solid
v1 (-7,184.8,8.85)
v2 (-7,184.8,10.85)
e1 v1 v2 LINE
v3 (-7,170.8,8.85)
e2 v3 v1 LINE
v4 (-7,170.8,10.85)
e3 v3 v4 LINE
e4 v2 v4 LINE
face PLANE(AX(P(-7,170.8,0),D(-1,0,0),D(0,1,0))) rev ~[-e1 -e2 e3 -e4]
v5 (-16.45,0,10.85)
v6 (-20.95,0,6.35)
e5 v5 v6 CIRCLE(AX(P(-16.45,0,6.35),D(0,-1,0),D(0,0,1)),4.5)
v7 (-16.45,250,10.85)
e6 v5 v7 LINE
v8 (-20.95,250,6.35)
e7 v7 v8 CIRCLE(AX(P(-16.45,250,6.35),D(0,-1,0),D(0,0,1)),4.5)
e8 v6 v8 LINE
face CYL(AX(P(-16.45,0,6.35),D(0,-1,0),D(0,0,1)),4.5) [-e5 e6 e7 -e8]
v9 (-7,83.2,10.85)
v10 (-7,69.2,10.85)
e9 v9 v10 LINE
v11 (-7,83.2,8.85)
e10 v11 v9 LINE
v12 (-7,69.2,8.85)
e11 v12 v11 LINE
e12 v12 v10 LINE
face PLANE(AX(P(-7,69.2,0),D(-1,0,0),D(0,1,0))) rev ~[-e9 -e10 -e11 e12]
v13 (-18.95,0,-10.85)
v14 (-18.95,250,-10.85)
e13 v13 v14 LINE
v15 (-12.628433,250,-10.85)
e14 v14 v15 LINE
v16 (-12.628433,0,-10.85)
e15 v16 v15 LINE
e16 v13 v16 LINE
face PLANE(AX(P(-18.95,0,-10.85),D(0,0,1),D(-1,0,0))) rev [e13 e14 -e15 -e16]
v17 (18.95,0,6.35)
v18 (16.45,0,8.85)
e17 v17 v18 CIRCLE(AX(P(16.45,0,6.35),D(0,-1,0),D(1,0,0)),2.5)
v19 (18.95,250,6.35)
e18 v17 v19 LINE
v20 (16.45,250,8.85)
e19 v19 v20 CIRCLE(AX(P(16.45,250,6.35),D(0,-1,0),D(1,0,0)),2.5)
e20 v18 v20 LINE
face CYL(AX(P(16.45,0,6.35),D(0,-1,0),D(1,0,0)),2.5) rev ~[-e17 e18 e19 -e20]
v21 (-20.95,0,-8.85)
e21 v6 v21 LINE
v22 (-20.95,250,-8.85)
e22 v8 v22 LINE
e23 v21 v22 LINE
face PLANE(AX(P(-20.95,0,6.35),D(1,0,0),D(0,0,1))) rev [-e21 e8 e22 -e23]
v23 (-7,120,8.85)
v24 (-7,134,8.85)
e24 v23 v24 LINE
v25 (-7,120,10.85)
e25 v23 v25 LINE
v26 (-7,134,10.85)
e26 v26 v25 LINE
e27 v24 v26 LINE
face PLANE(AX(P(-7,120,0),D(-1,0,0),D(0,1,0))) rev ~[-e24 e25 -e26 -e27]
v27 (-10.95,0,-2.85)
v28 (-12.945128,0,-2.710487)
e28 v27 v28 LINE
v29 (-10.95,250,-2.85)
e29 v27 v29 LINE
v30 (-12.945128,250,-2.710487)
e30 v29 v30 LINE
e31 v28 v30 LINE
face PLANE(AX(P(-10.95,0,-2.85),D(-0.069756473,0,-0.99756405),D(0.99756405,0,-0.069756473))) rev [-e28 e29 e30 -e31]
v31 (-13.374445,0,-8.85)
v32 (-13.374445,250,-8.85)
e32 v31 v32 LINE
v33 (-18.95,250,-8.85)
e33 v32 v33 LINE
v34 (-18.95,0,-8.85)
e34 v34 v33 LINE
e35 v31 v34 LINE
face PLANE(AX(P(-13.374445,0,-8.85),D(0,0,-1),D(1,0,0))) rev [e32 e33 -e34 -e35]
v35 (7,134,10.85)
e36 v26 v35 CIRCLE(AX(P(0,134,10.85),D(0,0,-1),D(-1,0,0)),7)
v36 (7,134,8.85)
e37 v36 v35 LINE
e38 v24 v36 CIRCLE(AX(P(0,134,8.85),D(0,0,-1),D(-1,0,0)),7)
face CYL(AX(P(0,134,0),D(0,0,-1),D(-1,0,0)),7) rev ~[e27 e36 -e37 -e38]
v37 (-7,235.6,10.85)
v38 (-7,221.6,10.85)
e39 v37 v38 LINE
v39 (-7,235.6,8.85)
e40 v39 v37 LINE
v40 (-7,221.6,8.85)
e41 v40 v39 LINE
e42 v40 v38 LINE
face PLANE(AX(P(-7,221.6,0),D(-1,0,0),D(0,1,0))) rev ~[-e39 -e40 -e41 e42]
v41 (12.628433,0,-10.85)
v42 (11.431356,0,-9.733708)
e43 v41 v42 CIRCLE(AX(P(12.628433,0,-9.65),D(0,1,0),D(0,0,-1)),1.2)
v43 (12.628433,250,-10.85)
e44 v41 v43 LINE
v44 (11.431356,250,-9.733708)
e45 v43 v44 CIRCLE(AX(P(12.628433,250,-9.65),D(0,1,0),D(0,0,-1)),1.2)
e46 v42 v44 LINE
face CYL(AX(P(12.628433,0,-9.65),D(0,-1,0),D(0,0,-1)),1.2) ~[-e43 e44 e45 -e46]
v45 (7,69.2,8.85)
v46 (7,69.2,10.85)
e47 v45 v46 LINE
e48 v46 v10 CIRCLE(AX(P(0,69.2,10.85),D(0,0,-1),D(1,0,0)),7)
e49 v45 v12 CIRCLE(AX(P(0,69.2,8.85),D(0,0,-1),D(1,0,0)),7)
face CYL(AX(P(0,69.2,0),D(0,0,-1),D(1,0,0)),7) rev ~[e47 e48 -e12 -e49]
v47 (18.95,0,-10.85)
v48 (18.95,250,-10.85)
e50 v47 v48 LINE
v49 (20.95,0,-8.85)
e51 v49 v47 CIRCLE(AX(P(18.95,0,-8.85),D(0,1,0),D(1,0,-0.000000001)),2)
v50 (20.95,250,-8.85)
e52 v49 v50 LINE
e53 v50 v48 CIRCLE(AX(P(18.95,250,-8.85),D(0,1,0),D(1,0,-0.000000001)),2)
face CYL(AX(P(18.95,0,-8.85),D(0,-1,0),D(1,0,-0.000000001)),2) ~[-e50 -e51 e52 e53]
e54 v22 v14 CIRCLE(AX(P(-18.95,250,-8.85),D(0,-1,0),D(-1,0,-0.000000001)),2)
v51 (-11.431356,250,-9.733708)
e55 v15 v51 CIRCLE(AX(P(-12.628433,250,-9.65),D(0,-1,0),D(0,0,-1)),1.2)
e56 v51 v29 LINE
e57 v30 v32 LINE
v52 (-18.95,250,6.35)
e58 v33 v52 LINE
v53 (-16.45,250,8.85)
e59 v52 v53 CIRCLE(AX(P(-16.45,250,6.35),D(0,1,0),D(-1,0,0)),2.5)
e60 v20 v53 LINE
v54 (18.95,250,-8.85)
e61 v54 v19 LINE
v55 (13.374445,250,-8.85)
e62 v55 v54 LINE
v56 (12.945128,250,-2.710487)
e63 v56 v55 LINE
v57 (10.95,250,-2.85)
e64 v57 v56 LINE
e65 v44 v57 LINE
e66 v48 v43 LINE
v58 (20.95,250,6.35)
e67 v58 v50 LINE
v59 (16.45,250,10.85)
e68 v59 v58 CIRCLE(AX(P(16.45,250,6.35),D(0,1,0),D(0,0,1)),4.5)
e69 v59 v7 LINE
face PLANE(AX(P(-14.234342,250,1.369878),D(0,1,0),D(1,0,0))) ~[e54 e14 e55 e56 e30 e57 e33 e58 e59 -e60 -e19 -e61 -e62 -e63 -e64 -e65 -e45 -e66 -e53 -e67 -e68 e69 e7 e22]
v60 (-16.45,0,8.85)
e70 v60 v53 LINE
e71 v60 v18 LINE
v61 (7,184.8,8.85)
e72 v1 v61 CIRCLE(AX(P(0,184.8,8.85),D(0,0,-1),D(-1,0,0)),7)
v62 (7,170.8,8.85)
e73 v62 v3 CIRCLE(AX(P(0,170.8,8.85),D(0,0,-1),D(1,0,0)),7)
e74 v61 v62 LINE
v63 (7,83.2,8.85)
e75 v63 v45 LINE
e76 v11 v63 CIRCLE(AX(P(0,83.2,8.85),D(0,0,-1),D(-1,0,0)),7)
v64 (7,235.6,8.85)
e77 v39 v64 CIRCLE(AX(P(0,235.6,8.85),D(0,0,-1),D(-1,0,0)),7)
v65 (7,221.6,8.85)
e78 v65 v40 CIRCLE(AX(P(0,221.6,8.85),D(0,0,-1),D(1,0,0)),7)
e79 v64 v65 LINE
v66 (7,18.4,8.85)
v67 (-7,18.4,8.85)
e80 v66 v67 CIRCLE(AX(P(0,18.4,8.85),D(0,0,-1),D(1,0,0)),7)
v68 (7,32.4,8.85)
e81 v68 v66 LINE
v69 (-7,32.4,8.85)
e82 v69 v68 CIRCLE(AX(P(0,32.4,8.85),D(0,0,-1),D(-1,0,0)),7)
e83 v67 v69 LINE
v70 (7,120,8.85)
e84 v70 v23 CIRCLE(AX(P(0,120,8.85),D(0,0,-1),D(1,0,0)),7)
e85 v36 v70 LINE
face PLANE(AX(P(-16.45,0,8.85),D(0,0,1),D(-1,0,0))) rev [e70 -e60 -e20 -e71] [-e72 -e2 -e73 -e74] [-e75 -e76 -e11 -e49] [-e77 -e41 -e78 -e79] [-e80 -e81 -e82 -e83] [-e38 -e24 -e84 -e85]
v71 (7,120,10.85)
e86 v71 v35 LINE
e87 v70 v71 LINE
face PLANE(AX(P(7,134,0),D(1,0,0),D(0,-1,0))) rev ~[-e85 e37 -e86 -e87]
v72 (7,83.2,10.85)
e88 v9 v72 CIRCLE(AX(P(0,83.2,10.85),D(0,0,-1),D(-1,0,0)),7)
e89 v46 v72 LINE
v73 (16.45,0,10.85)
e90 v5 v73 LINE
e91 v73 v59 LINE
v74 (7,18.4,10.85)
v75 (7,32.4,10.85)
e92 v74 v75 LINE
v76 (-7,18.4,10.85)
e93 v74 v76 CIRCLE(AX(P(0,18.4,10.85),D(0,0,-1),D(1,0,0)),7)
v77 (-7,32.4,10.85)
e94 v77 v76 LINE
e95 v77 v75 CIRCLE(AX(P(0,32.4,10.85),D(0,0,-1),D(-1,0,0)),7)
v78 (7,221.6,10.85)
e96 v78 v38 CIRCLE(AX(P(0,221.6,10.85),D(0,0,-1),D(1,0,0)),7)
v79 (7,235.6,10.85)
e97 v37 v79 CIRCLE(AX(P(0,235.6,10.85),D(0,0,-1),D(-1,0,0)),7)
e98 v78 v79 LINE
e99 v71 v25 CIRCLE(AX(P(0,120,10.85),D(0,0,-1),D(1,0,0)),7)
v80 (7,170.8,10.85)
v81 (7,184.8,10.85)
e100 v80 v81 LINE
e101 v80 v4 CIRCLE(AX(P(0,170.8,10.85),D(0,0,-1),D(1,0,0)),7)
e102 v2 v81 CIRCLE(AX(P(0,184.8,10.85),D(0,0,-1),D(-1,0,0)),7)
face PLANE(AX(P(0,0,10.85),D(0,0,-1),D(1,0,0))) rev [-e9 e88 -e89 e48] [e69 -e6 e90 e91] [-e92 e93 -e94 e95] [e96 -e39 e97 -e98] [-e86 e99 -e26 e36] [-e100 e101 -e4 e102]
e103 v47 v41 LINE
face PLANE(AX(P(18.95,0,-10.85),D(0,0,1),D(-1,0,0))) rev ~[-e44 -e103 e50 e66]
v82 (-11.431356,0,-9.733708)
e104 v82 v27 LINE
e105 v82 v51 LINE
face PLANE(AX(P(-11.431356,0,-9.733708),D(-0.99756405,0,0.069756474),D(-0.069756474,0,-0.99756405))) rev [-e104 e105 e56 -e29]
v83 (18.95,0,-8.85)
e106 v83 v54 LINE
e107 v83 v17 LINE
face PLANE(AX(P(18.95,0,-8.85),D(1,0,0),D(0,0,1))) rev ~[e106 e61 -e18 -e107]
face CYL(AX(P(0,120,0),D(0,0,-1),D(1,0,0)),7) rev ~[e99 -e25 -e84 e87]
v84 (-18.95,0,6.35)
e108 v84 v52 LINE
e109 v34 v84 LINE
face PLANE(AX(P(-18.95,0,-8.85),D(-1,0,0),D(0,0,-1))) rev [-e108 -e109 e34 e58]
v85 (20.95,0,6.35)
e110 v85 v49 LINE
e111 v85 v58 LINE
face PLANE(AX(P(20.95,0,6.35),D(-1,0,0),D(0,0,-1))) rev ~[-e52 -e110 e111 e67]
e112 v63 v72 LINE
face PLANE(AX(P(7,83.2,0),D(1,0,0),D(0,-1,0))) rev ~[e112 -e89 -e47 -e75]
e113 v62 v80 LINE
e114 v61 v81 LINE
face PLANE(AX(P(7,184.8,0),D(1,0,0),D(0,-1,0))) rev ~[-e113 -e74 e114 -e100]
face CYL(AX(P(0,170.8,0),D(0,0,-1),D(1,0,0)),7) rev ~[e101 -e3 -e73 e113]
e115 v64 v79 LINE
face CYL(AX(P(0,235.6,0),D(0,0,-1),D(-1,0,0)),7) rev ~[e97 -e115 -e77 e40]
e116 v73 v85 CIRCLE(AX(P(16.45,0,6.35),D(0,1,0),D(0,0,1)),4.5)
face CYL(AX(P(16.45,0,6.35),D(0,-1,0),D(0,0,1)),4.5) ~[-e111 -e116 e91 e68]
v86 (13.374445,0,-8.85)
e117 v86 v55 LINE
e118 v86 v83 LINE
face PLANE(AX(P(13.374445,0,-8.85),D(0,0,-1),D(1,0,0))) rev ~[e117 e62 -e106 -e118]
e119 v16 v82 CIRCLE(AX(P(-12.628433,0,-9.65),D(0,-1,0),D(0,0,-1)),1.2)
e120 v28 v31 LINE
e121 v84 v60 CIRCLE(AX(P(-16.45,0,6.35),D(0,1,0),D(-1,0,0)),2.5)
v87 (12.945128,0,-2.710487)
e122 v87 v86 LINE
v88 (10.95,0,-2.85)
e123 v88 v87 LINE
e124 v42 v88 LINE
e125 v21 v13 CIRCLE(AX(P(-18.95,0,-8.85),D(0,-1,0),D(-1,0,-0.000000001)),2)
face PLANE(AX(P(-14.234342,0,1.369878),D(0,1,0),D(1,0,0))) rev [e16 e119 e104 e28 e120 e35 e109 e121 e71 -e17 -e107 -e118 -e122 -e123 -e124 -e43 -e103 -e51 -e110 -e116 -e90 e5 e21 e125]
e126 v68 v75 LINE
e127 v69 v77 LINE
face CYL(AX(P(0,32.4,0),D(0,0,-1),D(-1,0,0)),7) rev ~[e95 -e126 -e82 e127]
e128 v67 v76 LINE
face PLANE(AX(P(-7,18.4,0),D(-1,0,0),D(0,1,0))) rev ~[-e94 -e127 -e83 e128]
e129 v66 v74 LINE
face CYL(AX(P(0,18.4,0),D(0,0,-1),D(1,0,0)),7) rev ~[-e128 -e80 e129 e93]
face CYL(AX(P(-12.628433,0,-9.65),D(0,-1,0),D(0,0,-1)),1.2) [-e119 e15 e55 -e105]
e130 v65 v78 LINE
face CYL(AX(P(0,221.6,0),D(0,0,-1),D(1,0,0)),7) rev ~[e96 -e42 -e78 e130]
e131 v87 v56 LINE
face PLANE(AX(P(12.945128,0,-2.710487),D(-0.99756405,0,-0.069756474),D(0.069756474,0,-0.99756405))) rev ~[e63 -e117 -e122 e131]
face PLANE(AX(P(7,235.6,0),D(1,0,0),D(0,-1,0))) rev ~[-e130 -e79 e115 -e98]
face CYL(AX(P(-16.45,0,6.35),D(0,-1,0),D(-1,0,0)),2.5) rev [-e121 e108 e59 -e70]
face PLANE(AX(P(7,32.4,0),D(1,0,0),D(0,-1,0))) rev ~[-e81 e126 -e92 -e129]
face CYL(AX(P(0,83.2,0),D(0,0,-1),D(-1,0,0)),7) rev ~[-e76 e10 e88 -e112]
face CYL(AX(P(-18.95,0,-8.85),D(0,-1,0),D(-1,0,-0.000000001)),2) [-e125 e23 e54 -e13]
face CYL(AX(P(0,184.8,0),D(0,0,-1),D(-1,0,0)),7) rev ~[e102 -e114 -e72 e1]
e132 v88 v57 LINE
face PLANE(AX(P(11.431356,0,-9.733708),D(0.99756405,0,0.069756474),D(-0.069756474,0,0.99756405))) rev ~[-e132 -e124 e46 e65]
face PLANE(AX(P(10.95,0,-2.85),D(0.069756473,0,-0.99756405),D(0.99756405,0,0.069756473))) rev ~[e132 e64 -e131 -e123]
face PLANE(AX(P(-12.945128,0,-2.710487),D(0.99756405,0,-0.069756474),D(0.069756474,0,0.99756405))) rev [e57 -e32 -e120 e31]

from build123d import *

# Parameters (mm, degrees)
BEAM_DEPTH          = 250
PUNCH_DEPTH         = 252.110782325
PATTERN_PUNCH_COUNT = 5
PATTERN_PUNCH_PITCH = 50.8


with BuildPart() as part:
    # sk_profile → beam (new body)
    with BuildSketch(Plane(origin=(0, 0, 0), x_dir=(1, 0, 0), z_dir=(0, 1, 0))):
        with BuildLine():
            Line((0, -10.85), (16.45, -10.85))
            ThreePointArc((16.45, -10.85), (19.631980515, -9.531980515), (20.95, -6.35))
            Line((20.95, -6.35), (20.95, 8.85))
            ThreePointArc((20.95, 8.85), (20.364213562, 10.264213562), (18.95, 10.85))
            Line((18.95, 10.85), (12.628432599, 10.85))
            ThreePointArc((12.628432599, 10.85), (11.810034567, 10.527624442), (11.431355739, 9.733707768))
            Line((11.431355739, 9.733707768), (10.95, 2.85))
            Line((10.95, 2.85), (12.945128101, 2.710487053))
            Line((12.945128101, 2.710487053), (13.374444668, 8.85))
            Line((13.374444668, 8.85), (18.95, 8.85))
            Line((18.95, 8.85), (18.95, -6.35))
            ThreePointArc((18.95, -6.35), (18.217766953, -8.117766953), (16.45, -8.85))
            Line((16.45, -8.85), (0, -8.85))
            Line((0, -8.85), (0, -10.85))
        make_face()
    beam = extrude(amount=BEAM_DEPTH)

    # mirror_half: beam across plane
    add(beam.mirror(Plane(origin=(0, 0, 0), x_dir=(0, 0, 1), z_dir=(1, 0, 0))))

    # Sketch4 → punch (cut, through all)
    with BuildSketch(Plane.XY):
        with BuildLine():
            Line((-7, 18.4), (-7, 32.4))
            ThreePointArc((-7, 32.4), (0, 39.4), (7, 32.4))
            Line((7, 32.4), (7, 18.4))
            ThreePointArc((7, 18.4), (0, 11.4), (-7, 18.4))
        make_face()
    punch = extrude(amount=PUNCH_DEPTH, mode=Mode.SUBTRACT)

    # pattern_punch: punch ×5
    with Locations(*[(0, i * PATTERN_PUNCH_PITCH, 0) for i in range(1, PATTERN_PUNCH_COUNT)]):
        add(punch, mode=Mode.SUBTRACT)


solid = part.part
